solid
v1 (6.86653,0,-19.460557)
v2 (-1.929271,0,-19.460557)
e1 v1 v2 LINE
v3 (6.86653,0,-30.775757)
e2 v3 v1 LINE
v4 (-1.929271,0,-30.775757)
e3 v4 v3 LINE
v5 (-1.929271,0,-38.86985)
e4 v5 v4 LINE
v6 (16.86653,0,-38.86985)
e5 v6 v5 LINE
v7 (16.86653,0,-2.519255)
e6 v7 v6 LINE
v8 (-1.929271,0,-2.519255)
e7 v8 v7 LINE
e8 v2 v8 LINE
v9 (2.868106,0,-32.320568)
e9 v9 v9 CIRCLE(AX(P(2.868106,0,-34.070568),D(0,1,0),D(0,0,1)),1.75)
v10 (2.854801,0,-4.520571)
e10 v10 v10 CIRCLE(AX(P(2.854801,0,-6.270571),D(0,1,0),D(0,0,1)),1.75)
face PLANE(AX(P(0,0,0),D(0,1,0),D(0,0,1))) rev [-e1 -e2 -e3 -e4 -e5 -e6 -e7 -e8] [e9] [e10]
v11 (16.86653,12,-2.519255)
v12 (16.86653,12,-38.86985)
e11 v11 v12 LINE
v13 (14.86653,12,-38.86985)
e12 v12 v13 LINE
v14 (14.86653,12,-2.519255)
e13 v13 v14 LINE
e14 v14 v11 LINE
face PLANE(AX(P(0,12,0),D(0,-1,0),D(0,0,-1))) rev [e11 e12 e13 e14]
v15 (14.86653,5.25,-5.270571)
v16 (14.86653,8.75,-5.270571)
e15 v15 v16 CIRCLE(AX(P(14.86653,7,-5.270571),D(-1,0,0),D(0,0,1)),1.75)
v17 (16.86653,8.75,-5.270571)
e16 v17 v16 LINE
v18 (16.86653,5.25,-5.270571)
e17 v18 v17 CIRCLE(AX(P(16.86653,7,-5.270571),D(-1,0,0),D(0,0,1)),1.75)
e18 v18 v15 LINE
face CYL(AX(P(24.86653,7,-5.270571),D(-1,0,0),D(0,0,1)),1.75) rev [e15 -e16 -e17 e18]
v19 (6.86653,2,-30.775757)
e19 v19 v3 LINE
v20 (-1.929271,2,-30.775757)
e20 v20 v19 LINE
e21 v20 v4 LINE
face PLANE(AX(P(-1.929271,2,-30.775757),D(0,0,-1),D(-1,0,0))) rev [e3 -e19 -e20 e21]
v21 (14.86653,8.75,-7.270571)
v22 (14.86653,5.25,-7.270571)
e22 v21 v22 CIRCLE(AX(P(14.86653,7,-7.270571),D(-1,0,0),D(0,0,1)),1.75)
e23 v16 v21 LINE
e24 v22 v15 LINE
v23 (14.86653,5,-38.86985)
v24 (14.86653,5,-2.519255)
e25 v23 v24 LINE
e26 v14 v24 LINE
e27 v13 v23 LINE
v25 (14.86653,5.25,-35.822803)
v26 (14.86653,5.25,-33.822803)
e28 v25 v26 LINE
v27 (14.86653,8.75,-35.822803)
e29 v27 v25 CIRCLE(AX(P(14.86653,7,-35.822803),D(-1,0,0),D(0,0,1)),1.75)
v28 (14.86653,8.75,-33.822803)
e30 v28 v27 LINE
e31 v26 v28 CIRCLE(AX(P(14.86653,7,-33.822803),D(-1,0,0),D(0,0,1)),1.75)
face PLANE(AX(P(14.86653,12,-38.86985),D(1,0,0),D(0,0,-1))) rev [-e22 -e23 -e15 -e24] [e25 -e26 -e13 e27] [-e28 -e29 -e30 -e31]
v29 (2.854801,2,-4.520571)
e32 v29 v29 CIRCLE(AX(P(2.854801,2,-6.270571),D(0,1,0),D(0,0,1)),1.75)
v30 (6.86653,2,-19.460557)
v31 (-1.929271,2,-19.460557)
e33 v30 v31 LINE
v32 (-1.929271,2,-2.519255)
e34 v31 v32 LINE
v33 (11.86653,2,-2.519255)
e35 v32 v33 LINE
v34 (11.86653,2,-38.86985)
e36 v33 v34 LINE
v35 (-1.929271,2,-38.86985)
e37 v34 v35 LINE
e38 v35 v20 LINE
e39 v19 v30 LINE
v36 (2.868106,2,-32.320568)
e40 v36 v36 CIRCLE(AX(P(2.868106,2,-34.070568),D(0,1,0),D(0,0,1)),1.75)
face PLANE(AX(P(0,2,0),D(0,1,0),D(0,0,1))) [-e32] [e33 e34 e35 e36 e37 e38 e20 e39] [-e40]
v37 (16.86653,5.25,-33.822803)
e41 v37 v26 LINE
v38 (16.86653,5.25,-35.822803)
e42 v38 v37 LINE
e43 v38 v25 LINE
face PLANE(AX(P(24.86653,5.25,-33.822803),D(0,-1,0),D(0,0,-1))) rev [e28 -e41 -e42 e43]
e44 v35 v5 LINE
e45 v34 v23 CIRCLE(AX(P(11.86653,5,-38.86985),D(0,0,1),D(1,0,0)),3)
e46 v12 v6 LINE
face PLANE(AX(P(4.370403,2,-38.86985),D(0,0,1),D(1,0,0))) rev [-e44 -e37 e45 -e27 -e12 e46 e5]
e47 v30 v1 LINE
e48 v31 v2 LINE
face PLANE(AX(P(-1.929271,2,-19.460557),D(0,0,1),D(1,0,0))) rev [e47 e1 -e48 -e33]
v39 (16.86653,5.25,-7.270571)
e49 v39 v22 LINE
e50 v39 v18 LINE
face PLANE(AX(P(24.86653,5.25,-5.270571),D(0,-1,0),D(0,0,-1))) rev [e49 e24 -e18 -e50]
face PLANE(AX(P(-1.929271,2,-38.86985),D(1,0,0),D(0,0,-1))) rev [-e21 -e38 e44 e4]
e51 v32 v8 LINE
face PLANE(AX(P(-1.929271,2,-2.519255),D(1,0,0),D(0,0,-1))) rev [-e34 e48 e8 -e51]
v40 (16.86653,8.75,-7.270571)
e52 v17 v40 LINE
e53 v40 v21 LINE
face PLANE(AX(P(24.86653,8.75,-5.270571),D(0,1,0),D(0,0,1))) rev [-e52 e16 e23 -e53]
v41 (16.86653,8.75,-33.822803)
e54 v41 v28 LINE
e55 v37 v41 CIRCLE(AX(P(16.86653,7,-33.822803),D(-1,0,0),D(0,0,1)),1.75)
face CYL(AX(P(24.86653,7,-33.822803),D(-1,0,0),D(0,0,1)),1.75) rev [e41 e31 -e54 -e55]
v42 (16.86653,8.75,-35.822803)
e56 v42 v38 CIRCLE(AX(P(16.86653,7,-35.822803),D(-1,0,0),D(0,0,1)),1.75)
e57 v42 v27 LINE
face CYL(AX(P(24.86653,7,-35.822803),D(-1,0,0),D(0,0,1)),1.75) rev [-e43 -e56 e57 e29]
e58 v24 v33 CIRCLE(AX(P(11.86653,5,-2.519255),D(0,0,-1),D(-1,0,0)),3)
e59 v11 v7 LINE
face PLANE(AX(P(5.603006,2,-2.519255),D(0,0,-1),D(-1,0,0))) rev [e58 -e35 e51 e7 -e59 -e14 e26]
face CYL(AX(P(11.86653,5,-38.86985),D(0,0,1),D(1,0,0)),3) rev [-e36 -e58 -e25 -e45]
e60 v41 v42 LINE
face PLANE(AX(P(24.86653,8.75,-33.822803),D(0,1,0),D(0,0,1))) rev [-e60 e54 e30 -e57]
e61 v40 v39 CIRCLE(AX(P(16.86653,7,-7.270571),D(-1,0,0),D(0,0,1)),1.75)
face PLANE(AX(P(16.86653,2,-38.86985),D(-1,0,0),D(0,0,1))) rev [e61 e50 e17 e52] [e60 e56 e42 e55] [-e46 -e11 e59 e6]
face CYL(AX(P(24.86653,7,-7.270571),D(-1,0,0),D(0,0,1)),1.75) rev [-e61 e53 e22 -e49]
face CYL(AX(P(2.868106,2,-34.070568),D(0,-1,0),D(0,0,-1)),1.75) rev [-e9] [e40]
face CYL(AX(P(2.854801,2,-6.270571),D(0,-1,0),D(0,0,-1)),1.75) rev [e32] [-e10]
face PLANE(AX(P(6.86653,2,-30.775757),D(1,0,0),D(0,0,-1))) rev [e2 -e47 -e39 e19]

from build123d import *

# Parameters (mm, degrees)
SKETCH1_R           = 1.75
BOSS_EXTRUDE1_DEPTH = 2
SKETCH4_W           = 2
SKETCH4_H           = 36.35059407
BOSS_EXTRUDE3_DEPTH = 10
CUT_EXTRUDE1_DEPTH  = 10
FILLET1_R           = 3


with BuildPart() as part:
    # Sketch1 → Boss-Extrude1 (new body)
    with BuildSketch(Plane(origin=(0, 0, 0), x_dir=(1, 0, 0), z_dir=(0, 1, 0))):
        Polygon((5.603006234, 2.519255437), (16.866529546, 2.519255437), (16.866529546, 38.869849507), (4.37040298, 38.869849507), (-1.929271174, 38.869849507), (-1.929271174, 30.775756588), (6.866529546, 30.775756588), (6.866529546, 19.460556696), (-1.929271174, 19.460556696), (-1.929271174, 2.519255437), align=None)
        with Locations(Location((2.868105939, 34.070567936, 0), (0, 0, 270))):
            Circle(SKETCH1_R, mode=Mode.SUBTRACT)
        with Locations(Location((2.854801247, 6.270571119, 0), (0, 0, 270))):
            Circle(SKETCH1_R, mode=Mode.SUBTRACT)
    extrude(amount=BOSS_EXTRUDE1_DEPTH)

    # Sketch4 → Boss-Extrude3 (add)
    with BuildSketch(Plane(origin=(0, 2, 0), x_dir=(1, 0, 0), z_dir=(0, 1, 0))):
        with Locations((15.866529546, 20.694552472)):
            Rectangle(SKETCH4_W, SKETCH4_H)
    extrude(amount=BOSS_EXTRUDE3_DEPTH)

    # Sketch5 → Cut-Extrude1 (cut)
    with BuildSketch(Plane.ZY.offset(-14.866529546)):
        with BuildLine():
            Line((-5.270571119, 5.25), (-7.270571119, 5.25))
            ThreePointArc((-7.270571119, 5.25), (-9.020571119, 7), (-7.270571119, 8.75))
            Line((-7.270571119, 8.75), (-5.270571119, 8.75))
            ThreePointArc((-5.270571119, 8.75), (-3.520571119, 7), (-5.270571119, 5.25))
        make_face()
        with BuildLine():
            Line((-33.822803047, 5.25), (-35.822803047, 5.25))
            ThreePointArc((-35.822803047, 5.25), (-37.572803047, 7), (-35.822803047, 8.75))
            Line((-35.822803047, 8.75), (-33.822803047, 8.75))
            ThreePointArc((-33.822803047, 8.75), (-32.072803047, 7), (-33.822803047, 5.25))
        make_face()
    extrude(amount=-CUT_EXTRUDE1_DEPTH, mode=Mode.SUBTRACT)

    # Fillet1
    fillet1_edges = [part.edges().sort_by_distance(p)[0] for p in [
        (14.866529546, 2, -20.694552472),
    ]]
    fillet(fillet1_edges, radius=FILLET1_R)


solid = part.part
